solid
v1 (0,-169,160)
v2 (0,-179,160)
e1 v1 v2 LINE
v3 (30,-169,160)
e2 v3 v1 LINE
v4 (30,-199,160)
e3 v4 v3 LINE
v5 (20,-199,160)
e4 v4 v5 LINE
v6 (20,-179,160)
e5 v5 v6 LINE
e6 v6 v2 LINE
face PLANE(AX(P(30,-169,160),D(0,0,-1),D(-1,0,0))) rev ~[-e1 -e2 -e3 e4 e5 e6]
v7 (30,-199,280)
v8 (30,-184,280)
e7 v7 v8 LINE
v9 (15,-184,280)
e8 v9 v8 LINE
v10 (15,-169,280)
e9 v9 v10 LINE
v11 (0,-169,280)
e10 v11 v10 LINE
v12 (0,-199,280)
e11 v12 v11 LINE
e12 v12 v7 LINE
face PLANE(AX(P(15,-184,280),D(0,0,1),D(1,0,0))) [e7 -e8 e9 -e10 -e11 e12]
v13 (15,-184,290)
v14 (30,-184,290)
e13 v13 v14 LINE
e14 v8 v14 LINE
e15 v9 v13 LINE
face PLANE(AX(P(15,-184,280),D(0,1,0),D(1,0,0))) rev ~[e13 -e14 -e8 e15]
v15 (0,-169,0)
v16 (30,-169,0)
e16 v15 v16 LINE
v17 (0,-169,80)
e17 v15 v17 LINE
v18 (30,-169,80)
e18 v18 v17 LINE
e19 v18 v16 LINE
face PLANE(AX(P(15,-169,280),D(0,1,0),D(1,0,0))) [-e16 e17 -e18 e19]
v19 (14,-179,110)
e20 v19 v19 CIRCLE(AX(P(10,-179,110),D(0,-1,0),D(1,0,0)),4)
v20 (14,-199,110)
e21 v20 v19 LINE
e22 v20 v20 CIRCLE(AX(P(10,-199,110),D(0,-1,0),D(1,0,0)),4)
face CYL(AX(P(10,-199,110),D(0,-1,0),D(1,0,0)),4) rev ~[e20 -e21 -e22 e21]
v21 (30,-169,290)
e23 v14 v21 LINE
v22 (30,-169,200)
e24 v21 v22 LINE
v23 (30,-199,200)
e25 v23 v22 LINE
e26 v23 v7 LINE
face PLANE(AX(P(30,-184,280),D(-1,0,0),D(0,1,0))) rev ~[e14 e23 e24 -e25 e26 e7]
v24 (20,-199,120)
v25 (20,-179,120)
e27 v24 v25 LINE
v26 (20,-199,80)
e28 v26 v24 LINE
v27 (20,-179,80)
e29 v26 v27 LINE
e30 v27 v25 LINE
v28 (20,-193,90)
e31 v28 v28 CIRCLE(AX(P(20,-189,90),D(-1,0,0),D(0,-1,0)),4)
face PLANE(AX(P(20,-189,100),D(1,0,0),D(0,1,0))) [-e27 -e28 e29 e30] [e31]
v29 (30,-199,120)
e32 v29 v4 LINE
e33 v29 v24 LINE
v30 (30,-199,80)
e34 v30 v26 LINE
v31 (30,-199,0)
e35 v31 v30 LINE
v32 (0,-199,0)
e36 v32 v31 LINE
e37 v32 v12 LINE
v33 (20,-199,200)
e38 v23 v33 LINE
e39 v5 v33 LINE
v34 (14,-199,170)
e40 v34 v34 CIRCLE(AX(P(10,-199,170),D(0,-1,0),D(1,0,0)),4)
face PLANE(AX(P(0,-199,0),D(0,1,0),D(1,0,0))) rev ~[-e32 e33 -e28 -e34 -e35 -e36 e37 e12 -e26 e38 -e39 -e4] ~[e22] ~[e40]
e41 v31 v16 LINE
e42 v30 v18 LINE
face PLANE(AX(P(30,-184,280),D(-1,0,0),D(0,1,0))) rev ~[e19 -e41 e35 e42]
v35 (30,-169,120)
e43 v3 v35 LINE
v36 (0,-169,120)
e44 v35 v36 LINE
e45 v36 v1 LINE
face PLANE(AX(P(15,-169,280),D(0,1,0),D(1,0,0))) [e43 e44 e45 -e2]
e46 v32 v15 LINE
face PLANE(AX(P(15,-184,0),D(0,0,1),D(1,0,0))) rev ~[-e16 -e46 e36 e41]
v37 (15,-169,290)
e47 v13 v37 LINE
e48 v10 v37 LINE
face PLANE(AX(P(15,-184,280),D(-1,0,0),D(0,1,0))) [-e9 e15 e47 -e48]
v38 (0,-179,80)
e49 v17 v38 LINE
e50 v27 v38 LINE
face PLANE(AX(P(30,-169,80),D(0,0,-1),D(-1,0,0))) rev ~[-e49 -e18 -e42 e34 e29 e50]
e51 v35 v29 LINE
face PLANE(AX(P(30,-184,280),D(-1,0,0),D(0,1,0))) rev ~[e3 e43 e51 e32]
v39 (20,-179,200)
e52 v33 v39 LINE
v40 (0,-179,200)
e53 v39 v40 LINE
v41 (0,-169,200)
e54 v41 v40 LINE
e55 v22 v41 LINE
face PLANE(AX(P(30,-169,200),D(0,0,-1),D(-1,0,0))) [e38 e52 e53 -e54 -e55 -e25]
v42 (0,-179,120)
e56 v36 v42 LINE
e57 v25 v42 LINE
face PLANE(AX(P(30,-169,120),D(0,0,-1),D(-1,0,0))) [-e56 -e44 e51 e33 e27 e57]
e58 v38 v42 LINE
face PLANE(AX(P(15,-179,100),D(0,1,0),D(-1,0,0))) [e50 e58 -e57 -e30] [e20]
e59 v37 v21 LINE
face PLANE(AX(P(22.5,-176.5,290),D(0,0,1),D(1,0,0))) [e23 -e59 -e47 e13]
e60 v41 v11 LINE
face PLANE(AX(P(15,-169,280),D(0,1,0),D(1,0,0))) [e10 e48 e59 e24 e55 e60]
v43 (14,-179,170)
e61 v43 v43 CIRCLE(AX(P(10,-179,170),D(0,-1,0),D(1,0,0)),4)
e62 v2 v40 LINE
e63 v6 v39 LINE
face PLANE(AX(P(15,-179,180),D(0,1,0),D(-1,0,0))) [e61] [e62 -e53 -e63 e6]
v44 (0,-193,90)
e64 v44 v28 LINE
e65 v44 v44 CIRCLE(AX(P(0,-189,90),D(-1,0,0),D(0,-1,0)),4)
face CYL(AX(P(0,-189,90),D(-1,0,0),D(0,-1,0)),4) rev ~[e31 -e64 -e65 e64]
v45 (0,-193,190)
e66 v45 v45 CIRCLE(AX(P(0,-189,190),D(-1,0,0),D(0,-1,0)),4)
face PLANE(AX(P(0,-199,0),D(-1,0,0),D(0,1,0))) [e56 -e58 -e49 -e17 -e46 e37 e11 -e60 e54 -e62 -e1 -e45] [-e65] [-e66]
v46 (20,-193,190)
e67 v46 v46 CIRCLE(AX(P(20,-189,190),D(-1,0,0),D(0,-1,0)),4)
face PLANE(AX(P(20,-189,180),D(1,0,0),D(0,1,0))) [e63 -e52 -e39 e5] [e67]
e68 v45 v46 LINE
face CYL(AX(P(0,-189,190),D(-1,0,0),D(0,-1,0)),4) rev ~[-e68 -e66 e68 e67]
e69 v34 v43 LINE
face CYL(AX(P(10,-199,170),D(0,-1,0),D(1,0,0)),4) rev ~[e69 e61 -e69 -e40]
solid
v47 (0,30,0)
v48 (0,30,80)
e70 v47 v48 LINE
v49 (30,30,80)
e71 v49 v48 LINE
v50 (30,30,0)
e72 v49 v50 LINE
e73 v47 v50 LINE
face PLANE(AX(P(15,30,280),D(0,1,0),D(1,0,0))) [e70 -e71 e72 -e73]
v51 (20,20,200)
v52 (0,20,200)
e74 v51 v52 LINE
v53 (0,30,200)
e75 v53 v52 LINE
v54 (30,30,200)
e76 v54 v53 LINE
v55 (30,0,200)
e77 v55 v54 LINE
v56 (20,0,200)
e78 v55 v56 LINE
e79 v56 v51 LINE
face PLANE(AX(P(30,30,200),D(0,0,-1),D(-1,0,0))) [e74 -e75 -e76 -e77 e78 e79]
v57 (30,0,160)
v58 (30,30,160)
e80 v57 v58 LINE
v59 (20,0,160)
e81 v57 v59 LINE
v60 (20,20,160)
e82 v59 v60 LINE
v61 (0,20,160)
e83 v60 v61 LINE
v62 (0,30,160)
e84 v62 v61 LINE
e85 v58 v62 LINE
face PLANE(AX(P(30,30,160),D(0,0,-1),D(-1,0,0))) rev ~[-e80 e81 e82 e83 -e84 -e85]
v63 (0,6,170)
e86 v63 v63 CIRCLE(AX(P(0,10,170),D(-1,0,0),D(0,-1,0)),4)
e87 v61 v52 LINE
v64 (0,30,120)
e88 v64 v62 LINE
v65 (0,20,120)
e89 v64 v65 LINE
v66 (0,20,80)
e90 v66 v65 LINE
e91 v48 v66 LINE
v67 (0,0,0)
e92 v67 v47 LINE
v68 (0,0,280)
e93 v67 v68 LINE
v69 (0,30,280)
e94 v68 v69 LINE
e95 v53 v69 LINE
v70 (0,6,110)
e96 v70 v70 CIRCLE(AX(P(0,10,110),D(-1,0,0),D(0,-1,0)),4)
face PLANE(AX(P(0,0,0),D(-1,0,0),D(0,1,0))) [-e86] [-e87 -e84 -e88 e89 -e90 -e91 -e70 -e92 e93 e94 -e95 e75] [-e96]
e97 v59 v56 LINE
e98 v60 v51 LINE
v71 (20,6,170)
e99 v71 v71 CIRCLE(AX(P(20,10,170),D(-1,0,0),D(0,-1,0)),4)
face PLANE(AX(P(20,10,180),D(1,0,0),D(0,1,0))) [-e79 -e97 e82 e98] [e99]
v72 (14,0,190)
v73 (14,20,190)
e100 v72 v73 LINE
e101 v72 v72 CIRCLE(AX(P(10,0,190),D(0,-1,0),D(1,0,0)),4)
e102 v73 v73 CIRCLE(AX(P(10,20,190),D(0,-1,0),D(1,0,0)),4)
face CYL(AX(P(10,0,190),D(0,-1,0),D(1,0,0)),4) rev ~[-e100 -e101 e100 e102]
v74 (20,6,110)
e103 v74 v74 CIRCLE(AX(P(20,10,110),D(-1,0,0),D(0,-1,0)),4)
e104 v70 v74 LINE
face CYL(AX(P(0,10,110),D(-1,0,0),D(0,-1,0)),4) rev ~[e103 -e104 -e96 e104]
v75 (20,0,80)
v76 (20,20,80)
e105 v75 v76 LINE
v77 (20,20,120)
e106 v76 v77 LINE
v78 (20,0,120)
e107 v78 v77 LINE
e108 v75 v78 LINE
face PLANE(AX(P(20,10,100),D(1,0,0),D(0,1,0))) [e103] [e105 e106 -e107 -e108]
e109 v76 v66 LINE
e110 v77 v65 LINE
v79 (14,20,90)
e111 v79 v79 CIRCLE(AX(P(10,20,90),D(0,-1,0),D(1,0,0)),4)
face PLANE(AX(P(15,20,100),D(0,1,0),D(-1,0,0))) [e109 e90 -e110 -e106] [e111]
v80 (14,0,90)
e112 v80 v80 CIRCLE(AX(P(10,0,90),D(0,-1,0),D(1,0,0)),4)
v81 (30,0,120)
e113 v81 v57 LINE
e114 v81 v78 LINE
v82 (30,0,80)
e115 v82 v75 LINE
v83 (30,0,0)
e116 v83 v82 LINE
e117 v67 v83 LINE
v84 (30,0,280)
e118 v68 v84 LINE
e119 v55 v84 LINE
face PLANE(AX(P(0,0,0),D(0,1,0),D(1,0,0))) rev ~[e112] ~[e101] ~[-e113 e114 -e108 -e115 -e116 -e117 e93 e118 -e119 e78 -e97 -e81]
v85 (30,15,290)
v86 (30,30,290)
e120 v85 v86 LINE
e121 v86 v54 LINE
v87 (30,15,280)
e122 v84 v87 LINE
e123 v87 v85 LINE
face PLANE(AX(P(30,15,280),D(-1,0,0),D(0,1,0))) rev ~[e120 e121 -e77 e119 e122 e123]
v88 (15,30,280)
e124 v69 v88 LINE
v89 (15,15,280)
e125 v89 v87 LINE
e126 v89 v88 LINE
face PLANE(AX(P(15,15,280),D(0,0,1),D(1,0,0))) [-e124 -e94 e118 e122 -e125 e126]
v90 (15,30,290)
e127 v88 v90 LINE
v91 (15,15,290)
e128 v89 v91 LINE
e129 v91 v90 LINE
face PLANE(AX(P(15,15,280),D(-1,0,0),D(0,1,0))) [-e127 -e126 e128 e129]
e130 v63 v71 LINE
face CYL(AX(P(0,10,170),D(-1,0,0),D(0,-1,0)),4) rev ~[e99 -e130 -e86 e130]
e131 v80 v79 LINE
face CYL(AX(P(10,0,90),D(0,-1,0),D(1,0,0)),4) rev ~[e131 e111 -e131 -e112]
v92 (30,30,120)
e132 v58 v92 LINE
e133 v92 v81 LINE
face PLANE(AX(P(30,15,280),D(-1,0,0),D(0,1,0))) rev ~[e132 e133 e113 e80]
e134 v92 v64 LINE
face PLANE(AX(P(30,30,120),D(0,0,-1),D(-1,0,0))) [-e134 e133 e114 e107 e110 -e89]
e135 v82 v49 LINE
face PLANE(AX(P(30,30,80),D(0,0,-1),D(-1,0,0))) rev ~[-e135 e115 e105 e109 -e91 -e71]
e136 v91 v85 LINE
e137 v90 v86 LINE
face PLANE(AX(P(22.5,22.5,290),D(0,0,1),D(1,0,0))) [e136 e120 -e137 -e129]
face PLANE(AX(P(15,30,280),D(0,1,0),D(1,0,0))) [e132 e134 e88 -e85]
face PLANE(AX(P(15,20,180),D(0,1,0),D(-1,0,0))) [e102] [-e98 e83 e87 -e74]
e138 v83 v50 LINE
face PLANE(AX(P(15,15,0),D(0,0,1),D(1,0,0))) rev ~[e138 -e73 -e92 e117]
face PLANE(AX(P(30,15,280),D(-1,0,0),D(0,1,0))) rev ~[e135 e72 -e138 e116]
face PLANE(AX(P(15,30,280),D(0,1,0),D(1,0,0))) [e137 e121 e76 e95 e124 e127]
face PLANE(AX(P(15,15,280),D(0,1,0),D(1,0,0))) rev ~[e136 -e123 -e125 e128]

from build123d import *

# Parameters (mm, degrees)
F0_W      = 30
F0_H      = 30
F1_DEPTH  = 280
F2_W      = 15
F2_H      = 15
F3_DEPTH  = 10
F4_W      = 30
F4_H      = 40
F5_DEPTH  = 10
F6_W      = 20
F6_H      = 40
F7_DEPTH  = 10
F9_R      = 4
F10_DEPTH = 30.001
F11_R     = 4
F12_DEPTH = 30.001
F13_R     = 4
F14_DEPTH = 25
F15_R     = 4
F16_DEPTH = 25


with BuildPart() as f1:
    # F0 (on Top) → F1 (new body)
    with BuildSketch(Plane.XY):
        with Locations((15, 15)):
            Rectangle(F0_W, F0_H)
    extrude(amount=F1_DEPTH)

    # F2 (on face) → F3 (join)
    with BuildSketch(Plane.XY.offset(280)):
        with Locations((22.5, 22.5)):
            Rectangle(F2_W, F2_H)
    extrude(amount=F3_DEPTH)

    # F4 (on face) → F5 (cut)
    with BuildSketch(Plane(origin=(0, 30, 0), x_dir=(-1, 0, 0), z_dir=(0, 1, 0))):
        with Locations((-15, 180)):
            Rectangle(F4_W, F4_H)
        with Locations((-15, 100)):
            Rectangle(F4_W, F4_H)
    extrude(amount=-F5_DEPTH, mode=Mode.SUBTRACT)

    # F6 (on face) → F7 (cut)
    with BuildSketch(Plane.YZ.offset(30)):
        with Locations((10, 180)):
            Rectangle(F6_W, F6_H)
        with Locations((10, 100)):
            Rectangle(F6_W, F6_H)
    extrude(amount=-F7_DEPTH, mode=Mode.SUBTRACT)


with BuildPart() as f8_1:
    # F8: copy of F1
    add(f1.part.moved(Location((0, -199, 0))))

    # F13 (on face) → F14 (cut)
    with BuildSketch(Plane.XZ.offset(199)):
        with Locations((10, 170)):
            Circle(F13_R)
        with Locations((10, 110)):
            Circle(F13_R)
    extrude(amount=-F14_DEPTH, mode=Mode.SUBTRACT)

    # F15 (on face) → F16 (cut)
    with BuildSketch(Plane(origin=(0, 0, 0), x_dir=(0, -1, 0), z_dir=(-1, 0, 0))):
        with Locations((189, 190)):
            Circle(F15_R)
        with Locations((189, 90)):
            Circle(F15_R)
    extrude(amount=-F16_DEPTH, mode=Mode.SUBTRACT)


with BuildPart() as f1_1:
    add(f1.part)

    # F9 (on face) → F10 (cut, through all)
    with BuildSketch(Plane.XZ):
        with Locations((10, 190)):
            Circle(F9_R)
        with Locations((10, 90)):
            Circle(F9_R)
    extrude(amount=-F10_DEPTH, mode=Mode.SUBTRACT)

    # F11 (on face) → F12 (cut, through all)
    with BuildSketch(Plane(origin=(0, 0, 0), x_dir=(0, -1, 0), z_dir=(-1, 0, 0))):
        with Locations((-10, 110)):
            Circle(F11_R)
        with Locations((-10, 170)):
            Circle(F11_R)
    extrude(amount=-F12_DEPTH, mode=Mode.SUBTRACT)


solid = Compound([f8_1.part, f1_1.part])
